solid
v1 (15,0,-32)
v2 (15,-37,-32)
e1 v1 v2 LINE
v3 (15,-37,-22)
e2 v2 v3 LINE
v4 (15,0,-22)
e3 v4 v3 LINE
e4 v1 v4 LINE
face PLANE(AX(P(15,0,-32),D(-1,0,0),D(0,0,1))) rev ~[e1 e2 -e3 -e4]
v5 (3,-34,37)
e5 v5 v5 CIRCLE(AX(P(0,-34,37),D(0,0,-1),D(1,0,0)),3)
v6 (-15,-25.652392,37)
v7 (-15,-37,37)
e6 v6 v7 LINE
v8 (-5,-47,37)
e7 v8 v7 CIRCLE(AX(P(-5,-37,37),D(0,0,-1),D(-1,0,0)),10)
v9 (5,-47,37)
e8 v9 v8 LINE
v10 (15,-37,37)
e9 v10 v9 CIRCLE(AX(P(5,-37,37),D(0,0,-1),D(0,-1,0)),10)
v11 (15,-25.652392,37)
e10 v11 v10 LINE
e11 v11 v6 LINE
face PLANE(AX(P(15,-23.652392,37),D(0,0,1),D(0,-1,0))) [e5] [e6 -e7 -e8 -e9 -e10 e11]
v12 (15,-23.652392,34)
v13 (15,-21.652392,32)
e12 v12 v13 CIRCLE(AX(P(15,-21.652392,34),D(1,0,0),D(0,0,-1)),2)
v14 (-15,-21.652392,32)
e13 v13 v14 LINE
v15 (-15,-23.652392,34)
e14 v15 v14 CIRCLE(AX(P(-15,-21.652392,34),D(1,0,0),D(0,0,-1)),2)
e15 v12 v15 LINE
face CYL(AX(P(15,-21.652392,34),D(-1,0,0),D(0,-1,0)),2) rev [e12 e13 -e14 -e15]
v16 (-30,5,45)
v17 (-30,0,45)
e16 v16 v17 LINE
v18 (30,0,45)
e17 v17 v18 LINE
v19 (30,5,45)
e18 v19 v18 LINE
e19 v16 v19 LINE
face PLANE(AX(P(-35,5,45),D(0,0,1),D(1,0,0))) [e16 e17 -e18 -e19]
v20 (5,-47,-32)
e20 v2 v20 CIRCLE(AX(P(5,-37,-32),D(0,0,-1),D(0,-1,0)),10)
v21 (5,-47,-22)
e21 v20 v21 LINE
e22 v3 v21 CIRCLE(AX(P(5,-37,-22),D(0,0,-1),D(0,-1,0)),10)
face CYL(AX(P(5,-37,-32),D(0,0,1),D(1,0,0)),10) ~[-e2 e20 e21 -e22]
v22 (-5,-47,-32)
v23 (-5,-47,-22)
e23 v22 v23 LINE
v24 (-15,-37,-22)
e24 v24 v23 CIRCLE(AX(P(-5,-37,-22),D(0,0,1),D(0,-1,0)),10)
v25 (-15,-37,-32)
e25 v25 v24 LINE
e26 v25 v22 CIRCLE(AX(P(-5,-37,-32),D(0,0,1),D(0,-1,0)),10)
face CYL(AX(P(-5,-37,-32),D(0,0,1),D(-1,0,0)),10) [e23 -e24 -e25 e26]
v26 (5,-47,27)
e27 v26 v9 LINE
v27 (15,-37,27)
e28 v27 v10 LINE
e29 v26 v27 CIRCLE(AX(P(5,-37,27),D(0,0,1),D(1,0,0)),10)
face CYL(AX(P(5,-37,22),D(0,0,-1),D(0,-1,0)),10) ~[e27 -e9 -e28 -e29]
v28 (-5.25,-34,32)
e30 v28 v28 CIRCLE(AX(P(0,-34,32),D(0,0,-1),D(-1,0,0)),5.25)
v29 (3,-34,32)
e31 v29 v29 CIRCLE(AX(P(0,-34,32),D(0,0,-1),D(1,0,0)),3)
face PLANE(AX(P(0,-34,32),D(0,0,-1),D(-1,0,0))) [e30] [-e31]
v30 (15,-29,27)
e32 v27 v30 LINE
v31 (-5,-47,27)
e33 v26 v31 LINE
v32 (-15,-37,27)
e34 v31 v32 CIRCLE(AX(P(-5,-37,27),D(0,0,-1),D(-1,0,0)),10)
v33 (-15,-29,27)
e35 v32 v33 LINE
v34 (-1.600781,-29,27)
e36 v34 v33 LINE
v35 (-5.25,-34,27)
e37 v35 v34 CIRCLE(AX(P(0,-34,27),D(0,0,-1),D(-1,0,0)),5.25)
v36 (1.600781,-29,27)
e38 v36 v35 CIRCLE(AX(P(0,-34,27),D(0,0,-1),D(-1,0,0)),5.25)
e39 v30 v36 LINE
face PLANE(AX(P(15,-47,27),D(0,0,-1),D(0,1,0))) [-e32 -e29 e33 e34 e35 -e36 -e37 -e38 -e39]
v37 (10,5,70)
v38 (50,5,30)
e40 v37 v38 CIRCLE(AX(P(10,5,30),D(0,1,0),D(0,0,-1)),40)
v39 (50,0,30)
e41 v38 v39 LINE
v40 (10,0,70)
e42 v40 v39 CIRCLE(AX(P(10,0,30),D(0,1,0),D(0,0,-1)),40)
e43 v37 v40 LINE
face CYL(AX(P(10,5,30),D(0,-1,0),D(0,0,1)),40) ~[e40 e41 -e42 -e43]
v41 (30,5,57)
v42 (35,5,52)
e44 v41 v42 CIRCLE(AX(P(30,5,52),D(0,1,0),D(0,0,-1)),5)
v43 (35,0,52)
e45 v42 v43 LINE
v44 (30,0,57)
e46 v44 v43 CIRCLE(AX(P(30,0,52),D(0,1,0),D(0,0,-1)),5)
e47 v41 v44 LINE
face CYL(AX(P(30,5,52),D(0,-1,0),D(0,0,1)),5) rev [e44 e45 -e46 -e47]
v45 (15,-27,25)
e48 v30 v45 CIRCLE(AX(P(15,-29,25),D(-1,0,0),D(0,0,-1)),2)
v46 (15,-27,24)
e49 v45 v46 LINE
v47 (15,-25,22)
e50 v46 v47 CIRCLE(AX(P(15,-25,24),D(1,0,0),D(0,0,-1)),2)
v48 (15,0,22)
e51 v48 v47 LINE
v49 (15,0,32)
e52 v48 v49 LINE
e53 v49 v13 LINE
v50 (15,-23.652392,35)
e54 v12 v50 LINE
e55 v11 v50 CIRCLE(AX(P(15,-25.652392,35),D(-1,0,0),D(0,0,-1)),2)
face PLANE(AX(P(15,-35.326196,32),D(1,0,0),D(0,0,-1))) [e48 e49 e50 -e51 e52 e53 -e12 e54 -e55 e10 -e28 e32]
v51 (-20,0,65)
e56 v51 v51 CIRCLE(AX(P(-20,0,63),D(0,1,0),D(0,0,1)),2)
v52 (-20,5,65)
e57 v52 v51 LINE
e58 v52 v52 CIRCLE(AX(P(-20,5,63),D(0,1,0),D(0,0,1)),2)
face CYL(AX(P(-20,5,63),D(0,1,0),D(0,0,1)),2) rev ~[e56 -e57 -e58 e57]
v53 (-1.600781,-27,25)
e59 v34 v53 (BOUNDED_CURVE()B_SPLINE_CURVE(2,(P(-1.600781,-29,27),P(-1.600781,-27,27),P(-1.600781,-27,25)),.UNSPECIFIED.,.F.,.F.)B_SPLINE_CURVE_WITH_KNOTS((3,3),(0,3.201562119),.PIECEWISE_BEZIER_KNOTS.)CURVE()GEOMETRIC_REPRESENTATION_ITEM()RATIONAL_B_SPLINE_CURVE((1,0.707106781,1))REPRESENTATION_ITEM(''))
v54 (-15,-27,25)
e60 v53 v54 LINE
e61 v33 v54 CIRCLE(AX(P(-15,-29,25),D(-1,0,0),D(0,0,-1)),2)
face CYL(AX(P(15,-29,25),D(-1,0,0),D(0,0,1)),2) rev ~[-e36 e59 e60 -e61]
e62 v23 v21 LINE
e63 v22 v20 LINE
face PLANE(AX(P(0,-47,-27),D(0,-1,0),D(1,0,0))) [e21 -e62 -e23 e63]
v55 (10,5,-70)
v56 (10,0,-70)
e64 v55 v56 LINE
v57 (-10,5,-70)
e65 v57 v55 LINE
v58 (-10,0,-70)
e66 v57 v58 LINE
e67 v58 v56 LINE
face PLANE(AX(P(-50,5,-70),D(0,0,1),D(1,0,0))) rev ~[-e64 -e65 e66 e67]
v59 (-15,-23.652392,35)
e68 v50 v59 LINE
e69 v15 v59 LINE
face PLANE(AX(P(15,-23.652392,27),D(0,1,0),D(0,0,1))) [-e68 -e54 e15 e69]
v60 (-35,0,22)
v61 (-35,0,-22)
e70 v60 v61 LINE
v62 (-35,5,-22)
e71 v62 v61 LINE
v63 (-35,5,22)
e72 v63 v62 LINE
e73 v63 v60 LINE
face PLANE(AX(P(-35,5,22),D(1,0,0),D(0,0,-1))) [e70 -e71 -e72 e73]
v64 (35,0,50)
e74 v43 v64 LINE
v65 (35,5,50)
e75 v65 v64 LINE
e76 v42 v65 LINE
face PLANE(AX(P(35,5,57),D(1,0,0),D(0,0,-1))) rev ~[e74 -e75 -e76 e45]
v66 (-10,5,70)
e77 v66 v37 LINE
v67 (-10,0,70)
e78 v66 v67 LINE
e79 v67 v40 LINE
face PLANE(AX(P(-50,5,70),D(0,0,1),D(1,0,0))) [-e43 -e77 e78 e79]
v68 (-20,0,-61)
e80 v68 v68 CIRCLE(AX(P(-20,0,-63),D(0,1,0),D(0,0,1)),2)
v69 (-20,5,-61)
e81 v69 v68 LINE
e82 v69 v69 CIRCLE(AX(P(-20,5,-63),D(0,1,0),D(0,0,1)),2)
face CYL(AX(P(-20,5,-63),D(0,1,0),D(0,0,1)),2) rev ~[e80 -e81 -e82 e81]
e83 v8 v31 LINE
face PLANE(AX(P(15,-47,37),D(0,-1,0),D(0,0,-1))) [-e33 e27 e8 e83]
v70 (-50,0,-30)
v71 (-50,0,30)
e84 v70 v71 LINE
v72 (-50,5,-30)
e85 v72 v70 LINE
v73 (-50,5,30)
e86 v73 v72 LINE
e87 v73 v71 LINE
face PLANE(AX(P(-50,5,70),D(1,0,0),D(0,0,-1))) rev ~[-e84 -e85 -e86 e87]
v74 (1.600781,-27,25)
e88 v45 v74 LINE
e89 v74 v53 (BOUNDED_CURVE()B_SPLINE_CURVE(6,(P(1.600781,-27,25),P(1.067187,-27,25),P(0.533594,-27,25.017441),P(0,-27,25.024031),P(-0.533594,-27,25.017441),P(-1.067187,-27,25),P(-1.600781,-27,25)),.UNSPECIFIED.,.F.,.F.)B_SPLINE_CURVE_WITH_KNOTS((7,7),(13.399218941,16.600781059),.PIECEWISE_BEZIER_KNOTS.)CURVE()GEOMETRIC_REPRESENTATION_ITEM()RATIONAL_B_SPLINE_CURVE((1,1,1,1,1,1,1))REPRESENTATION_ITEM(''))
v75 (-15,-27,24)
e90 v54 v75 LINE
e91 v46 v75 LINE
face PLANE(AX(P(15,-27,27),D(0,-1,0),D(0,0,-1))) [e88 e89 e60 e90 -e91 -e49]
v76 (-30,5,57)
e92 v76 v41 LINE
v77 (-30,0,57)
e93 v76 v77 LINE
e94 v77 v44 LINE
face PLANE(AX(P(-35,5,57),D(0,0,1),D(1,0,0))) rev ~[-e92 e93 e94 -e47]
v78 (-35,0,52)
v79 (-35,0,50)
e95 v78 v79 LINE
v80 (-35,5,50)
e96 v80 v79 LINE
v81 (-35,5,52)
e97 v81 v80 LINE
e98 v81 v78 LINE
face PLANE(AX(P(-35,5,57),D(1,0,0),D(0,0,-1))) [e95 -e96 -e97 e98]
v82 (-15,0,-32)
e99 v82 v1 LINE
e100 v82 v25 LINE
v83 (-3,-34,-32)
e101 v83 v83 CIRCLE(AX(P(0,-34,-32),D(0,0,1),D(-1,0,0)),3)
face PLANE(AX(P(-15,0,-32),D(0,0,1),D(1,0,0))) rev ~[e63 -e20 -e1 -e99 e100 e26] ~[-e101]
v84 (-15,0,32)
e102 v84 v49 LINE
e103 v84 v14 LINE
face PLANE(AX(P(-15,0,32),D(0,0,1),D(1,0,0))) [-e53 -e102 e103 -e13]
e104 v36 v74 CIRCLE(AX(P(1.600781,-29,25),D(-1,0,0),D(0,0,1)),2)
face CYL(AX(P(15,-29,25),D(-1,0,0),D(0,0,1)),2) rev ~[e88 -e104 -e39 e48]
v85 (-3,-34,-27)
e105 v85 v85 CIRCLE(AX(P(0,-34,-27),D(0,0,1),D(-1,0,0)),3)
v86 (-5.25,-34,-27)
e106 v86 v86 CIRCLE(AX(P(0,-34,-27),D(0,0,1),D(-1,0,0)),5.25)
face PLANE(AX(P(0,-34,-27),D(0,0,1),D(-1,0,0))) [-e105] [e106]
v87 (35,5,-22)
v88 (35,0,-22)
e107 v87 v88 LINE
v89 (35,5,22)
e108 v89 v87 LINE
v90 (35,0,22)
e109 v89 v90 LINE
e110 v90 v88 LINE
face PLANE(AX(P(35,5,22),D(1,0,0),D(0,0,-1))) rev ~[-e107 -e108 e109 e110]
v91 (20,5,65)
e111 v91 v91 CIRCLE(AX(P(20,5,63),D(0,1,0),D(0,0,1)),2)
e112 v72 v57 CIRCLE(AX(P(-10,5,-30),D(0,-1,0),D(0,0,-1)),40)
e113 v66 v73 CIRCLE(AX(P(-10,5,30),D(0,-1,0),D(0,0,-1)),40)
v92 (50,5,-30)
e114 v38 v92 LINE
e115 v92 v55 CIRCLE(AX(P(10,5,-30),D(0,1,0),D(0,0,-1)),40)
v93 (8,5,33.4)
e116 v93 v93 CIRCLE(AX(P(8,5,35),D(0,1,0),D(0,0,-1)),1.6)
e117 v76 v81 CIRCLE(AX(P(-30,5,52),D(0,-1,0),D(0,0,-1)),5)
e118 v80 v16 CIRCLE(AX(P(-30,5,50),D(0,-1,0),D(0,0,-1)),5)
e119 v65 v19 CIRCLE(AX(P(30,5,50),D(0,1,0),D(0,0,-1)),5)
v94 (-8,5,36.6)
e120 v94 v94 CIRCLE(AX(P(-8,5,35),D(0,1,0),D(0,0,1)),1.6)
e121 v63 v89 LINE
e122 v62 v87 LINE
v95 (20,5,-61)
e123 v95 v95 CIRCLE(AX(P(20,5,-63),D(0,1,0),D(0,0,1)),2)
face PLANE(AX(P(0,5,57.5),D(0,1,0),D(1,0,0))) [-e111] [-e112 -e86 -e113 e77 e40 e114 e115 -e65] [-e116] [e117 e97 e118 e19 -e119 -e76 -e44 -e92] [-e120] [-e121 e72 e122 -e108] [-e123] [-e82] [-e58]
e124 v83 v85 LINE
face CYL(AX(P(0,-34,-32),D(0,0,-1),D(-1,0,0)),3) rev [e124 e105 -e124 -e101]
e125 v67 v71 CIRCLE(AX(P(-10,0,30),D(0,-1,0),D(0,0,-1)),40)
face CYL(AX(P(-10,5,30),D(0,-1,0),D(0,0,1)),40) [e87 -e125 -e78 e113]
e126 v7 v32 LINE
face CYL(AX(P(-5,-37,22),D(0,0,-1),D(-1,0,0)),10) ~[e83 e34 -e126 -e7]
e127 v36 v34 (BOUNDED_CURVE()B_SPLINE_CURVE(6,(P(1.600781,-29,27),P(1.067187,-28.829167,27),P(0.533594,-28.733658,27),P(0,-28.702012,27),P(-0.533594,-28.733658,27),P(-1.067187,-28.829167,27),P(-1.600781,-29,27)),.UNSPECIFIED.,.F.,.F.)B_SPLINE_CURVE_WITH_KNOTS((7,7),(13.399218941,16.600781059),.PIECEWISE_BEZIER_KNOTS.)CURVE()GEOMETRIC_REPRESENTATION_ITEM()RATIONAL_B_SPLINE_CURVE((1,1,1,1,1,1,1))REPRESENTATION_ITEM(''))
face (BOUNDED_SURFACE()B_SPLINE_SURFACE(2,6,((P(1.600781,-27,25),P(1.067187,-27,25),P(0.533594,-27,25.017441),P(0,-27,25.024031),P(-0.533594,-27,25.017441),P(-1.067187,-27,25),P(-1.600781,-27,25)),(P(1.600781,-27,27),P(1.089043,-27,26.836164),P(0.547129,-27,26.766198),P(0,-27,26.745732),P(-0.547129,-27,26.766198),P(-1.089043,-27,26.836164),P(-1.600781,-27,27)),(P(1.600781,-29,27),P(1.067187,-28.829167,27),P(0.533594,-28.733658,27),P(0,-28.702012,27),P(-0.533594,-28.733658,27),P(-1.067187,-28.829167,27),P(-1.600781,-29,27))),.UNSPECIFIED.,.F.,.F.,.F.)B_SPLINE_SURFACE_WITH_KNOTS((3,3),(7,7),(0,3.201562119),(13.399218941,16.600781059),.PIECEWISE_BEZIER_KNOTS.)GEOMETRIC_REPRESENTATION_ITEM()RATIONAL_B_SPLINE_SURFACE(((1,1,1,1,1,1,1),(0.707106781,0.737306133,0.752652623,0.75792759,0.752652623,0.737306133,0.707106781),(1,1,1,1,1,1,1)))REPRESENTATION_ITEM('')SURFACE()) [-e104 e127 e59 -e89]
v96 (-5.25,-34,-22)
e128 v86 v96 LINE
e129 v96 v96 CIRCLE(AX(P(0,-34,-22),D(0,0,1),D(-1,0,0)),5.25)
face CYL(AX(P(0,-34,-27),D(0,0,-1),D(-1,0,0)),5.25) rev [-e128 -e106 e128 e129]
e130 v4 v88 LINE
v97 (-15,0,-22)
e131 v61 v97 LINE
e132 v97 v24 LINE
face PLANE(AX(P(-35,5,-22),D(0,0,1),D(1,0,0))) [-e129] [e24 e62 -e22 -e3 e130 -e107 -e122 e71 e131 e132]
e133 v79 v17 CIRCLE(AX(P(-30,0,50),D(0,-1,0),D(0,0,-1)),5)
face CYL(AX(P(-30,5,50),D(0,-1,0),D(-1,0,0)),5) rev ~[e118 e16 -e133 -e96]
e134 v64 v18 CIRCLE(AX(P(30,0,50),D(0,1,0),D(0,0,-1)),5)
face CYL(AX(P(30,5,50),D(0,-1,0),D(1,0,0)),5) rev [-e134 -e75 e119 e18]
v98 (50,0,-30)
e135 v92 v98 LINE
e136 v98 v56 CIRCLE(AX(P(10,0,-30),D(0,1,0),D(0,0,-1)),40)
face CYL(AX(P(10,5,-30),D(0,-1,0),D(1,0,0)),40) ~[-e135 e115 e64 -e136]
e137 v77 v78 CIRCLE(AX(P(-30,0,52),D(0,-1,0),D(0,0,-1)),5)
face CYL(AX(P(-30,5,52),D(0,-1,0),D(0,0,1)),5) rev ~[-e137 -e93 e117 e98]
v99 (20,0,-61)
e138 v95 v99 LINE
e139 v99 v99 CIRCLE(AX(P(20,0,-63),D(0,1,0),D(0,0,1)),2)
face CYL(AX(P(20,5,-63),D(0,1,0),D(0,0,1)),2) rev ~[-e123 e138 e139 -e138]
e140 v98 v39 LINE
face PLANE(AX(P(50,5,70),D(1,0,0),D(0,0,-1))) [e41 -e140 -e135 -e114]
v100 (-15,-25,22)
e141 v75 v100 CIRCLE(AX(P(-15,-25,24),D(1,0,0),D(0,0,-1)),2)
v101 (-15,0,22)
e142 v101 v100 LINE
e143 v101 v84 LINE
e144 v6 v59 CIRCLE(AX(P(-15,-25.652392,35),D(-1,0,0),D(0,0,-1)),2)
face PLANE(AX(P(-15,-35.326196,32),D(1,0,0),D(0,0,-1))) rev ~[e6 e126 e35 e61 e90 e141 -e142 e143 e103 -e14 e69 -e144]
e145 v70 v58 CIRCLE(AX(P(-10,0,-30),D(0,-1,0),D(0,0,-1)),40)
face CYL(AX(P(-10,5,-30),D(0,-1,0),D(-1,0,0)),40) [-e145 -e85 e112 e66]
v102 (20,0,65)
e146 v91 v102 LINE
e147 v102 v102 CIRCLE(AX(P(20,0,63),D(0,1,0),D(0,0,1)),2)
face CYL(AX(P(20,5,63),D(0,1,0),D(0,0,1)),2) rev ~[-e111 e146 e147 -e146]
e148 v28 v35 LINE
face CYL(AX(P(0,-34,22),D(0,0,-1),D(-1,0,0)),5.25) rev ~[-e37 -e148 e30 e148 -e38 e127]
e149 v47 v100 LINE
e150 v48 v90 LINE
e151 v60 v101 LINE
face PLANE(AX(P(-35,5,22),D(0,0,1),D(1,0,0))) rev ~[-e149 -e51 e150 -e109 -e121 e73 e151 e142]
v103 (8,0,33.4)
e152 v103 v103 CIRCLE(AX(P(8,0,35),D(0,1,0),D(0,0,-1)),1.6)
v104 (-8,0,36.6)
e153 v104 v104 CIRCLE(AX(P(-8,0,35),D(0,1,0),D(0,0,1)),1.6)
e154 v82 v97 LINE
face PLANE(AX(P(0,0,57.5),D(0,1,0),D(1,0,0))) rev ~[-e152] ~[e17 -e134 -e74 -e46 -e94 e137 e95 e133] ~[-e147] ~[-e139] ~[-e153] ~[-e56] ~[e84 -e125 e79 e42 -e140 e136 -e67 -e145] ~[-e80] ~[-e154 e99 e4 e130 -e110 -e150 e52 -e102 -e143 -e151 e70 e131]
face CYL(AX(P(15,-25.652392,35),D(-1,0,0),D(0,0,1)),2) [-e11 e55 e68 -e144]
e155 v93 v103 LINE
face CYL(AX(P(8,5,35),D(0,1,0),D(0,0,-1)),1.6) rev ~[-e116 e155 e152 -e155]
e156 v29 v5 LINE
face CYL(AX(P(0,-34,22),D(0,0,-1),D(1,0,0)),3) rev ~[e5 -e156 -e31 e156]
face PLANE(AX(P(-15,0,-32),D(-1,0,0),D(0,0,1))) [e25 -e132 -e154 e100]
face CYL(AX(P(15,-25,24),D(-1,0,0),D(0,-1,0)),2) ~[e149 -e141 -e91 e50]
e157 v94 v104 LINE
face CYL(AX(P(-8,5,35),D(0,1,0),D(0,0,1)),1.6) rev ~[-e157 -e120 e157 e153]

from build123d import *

# Parameters (mm, degrees)
SKETCH1_W           = 100
SKETCH1_H           = 90
BOSS_EXTRUDE1_DEPTH = 5
SKETCH2_W           = 70
SKETCH2_H           = 44
CUT_EXTRUDE1_DEPTH  = 68.453687816
SKETCH3_R           = 1.6
CUT_EXTRUDE2_DEPTH  = 68.453687816
SKETCH4_W           = 100
SKETCH4_H           = 25
BOSS_EXTRUDE2_DEPTH = 5
SKETCH6_W           = 70
SKETCH6_H           = 12
CUT_EXTRUDE4_DEPTH  = 17
SKETCH8_W           = 30
SKETCH8_H           = 10
BOSS_EXTRUDE4_DEPTH = 47
SKETCH11_R          = 5.25
CUT_EXTRUDE5_DEPTH  = 5
SKETCH12_R          = 3
CUT_EXTRUDE6_DEPTH  = 5
FILLET1_R           = 10
CUT_EXTRUDE7_START  = -5
SKETCH13_R          = 5.25
CUT_EXTRUDE7_DEPTH  = 5
CUT_EXTRUDE8_START  = -5
SKETCH14_R          = 3
CUT_EXTRUDE8_DEPTH  = 5
FILLET2_R           = 10
SKETCH15_R          = 2
CUT_EXTRUDE9_DEPTH  = 101.518654985
FILLET3_R           = 40
FILLET4_R           = 40
FILLET5_R           = 5
BOSS_EXTRUDE5_DEPTH = 30
SKETCH17_R          = 5.25
CUT_EXTRUDE10_DEPTH = 10
SKETCH18_R          = 3
CUT_EXTRUDE12_DEPTH = 21
CUT_EXTRUDE13_DEPTH = 21
SKETCH20_W          = 5
SKETCH20_H          = 20
CUT_EXTRUDE14_DEPTH = 107.46126056
FILLET6_R           = 2
FILLET7_R           = 2


with BuildPart() as part:
    # Sketch1 → Boss-Extrude1 (new body)
    with BuildSketch(Plane(origin=(0, 0, 0), x_dir=(1, 0, 0), z_dir=(0, 1, 0))):
        Rectangle(SKETCH1_W, SKETCH1_H)
    extrude(amount=BOSS_EXTRUDE1_DEPTH)

    # Sketch2 → Cut-Extrude1 (cut, through all)
    with BuildSketch(Plane(origin=(0, 5, 0), x_dir=(1, 0, 0), z_dir=(0, 1, 0))):
        Rectangle(SKETCH2_W, SKETCH2_H)
    extrude(amount=-CUT_EXTRUDE1_DEPTH, mode=Mode.SUBTRACT)

    # Sketch3 → Cut-Extrude2 (cut, through all)
    with BuildSketch(Plane(origin=(0, 5, 0), x_dir=(1, 0, 0), z_dir=(0, 1, 0))):
        with Locations(Location((-8, -35, 0), (0, 0, 270))):
            Circle(SKETCH3_R)
        with Locations(Location((8, -35, 0), (0, 0, 90))):
            Circle(SKETCH3_R)
    extrude(amount=-CUT_EXTRUDE2_DEPTH, mode=Mode.SUBTRACT)

    # Sketch4 → Boss-Extrude2 (add)
    with BuildSketch(Plane(origin=(0, 5, 0), x_dir=(1, 0, 0), z_dir=(0, 1, 0))):
        with Locations((0, -57.5)):
            Rectangle(SKETCH4_W, SKETCH4_H)
        with Locations((0, 57.5)):
            Rectangle(SKETCH4_W, SKETCH4_H)
    extrude(amount=-BOSS_EXTRUDE2_DEPTH)

    # Sketch6 → Cut-Extrude4 (cut)
    with BuildSketch(Plane(origin=(0, 5, 0), x_dir=(1, 0, 0), z_dir=(0, 1, 0))):
        with Locations((0, -51)):
            Rectangle(SKETCH6_W, SKETCH6_H)
    extrude(amount=-CUT_EXTRUDE4_DEPTH, mode=Mode.SUBTRACT)

    # Sketch8 → Boss-Extrude4 (add)
    with BuildSketch(Plane.XZ):
        with Locations((0, 27)):
            Rectangle(SKETCH8_W, SKETCH8_H)
        with Locations((0, -27)):
            Rectangle(SKETCH8_W, SKETCH8_H)
    extrude(amount=BOSS_EXTRUDE4_DEPTH)

    # Sketch11 → Cut-Extrude5 (cut)
    with BuildSketch(Plane(origin=(0, 0, 22), x_dir=(-1, 0, 0), z_dir=(0, 0, -1))):
        with Locations((0, -34)):
            Circle(SKETCH11_R)
    extrude(amount=-CUT_EXTRUDE5_DEPTH, mode=Mode.SUBTRACT)

    # Sketch12 → Cut-Extrude6 (cut)
    with BuildSketch(Plane(origin=(0, 0, 27), x_dir=(-1, 0, 0), z_dir=(0, 0, -1))):
        with Locations((0, -34)):
            Circle(SKETCH12_R)
    extrude(amount=-CUT_EXTRUDE6_DEPTH, mode=Mode.SUBTRACT)

    # Fillet1
    fillet1_edges = [part.edges().sort_by_distance(p)[0] for p in [
        (-15, -47, 27),
        (15, -47, 27),
    ]]
    fillet(fillet1_edges, radius=FILLET1_R)

    # Sketch13 → Cut-Extrude7 (cut)
    with BuildSketch(Plane.XY.offset(-22).offset(CUT_EXTRUDE7_START)):
        with Locations(Location((0, -34, 0), (0, 0, 180))):
            Circle(SKETCH13_R)
    extrude(amount=CUT_EXTRUDE7_DEPTH, mode=Mode.SUBTRACT)

    # Sketch14 → Cut-Extrude8 (cut)
    with BuildSketch(Plane.XY.offset(-27).offset(CUT_EXTRUDE8_START)):
        with Locations(Location((0, -34, 0), (0, 0, 180))):
            Circle(SKETCH14_R)
    extrude(amount=CUT_EXTRUDE8_DEPTH, mode=Mode.SUBTRACT)

    # Fillet2
    fillet2_edges = [part.edges().sort_by_distance(p)[0] for p in [
        (15, -47, -27),
        (-15, -47, -27),
    ]]
    fillet(fillet2_edges, radius=FILLET2_R)

    # Sketch15 → Cut-Extrude9 (cut, through all)
    with BuildSketch(Plane(origin=(0, 5, 0), x_dir=(1, 0, 0), z_dir=(0, 1, 0))):
        with Locations(Location((-20, -63, 0), (0, 0, 270))):
            Circle(SKETCH15_R)
        with Locations(Location((-20, 63, 0), (0, 0, 270))):
            Circle(SKETCH15_R)
        with Locations(Location((20, -63, 0), (0, 0, 270))):
            Circle(SKETCH15_R)
        with Locations(Location((20, 63, 0), (0, 0, 270))):
            Circle(SKETCH15_R)
    extrude(amount=-CUT_EXTRUDE9_DEPTH, mode=Mode.SUBTRACT)

    # Fillet3
    fillet3_edges = [part.edges().sort_by_distance(p)[0] for p in [
        (-50, 2.5, 70),
        (50, 2.5, 70),
    ]]
    fillet(fillet3_edges, radius=FILLET3_R)

    # Fillet4
    fillet4_edges = [part.edges().sort_by_distance(p)[0] for p in [
        (-50, 2.5, -70),
        (50, 2.5, -70),
    ]]
    fillet(fillet4_edges, radius=FILLET4_R)

    # Fillet5
    fillet5_edges = [part.edges().sort_by_distance(p)[0] for p in [
        (-35, 2.5, 57),
        (-35, 2.5, 45),
        (35, 2.5, 45),
        (35, 2.5, 57),
    ]]
    fillet(fillet5_edges, radius=FILLET5_R)

    # Sketch16 → Boss-Extrude5 (add)
    with BuildSketch(Plane(origin=(15, 0, 0), x_dir=(0, 0, -1), z_dir=(1, 0, 0))):
        Polygon((-32, -23.652392467), (-37, -23.652392467), (-37, -47), (-27, -47), (-27, -23.652392467), align=None)
    extrude(amount=-BOSS_EXTRUDE5_DEPTH)

    # Sketch17 → Cut-Extrude10 (cut)
    with BuildSketch(Plane(origin=(0, 0, 22), x_dir=(-1, 0, 0), z_dir=(0, 0, -1))):
        with Locations((0, -34)):
            Circle(SKETCH17_R)
    extrude(amount=-CUT_EXTRUDE10_DEPTH, mode=Mode.SUBTRACT)

    # Sketch18 → Cut-Extrude12 (cut)
    with BuildSketch(Plane(origin=(0, 0, 22), x_dir=(-1, 0, 0), z_dir=(0, 0, -1))):
        with Locations(Location((0, -34, 0), (0, 0, 180))):
            Circle(SKETCH18_R)
    extrude(amount=-CUT_EXTRUDE12_DEPTH, mode=Mode.SUBTRACT)

    # Sketch19 → Cut-Extrude13 (cut)
    with BuildSketch(Plane(origin=(0, 0, 22), x_dir=(-1, 0, 0), z_dir=(0, 0, -1))):
        with BuildLine():
            Line((-15, -37), (-15, -47))
            Line((-15, -47), (-5, -47))
            ThreePointArc((-5, -47), (-12.071067812, -44.071067812), (-15, -37))
        make_face()
        with BuildLine():
            Line((5, -47), (15, -47))
            Line((15, -47), (15, -37))
            ThreePointArc((15, -37), (12.071067812, -44.071067812), (5, -47))
        make_face()
    extrude(amount=-CUT_EXTRUDE13_DEPTH, mode=Mode.SUBTRACT)

    # Sketch20 → Cut-Extrude14 (cut, through all)
    with BuildSketch(Plane(origin=(15, 0, 0), x_dir=(0, 0, -1), z_dir=(1, 0, 0))):
        with Locations((-24.5, -37)):
            Rectangle(SKETCH20_W, SKETCH20_H)
    extrude(amount=-CUT_EXTRUDE14_DEPTH, mode=Mode.SUBTRACT)

    # Fillet6
    fillet6_edges = [part.edges().sort_by_distance(p)[0] for p in [
        (0, -23.652392467, 32),
        (0, -23.652392467, 37),
    ]]
    fillet(fillet6_edges, radius=FILLET6_R)

    # Fillet7
    fillet7_edges = [part.edges().sort_by_distance(p)[0] for p in [
        (0, -27, 27),
        (0, -27, 22),
    ]]
    fillet(fillet7_edges, radius=FILLET7_R)


solid = part.part
